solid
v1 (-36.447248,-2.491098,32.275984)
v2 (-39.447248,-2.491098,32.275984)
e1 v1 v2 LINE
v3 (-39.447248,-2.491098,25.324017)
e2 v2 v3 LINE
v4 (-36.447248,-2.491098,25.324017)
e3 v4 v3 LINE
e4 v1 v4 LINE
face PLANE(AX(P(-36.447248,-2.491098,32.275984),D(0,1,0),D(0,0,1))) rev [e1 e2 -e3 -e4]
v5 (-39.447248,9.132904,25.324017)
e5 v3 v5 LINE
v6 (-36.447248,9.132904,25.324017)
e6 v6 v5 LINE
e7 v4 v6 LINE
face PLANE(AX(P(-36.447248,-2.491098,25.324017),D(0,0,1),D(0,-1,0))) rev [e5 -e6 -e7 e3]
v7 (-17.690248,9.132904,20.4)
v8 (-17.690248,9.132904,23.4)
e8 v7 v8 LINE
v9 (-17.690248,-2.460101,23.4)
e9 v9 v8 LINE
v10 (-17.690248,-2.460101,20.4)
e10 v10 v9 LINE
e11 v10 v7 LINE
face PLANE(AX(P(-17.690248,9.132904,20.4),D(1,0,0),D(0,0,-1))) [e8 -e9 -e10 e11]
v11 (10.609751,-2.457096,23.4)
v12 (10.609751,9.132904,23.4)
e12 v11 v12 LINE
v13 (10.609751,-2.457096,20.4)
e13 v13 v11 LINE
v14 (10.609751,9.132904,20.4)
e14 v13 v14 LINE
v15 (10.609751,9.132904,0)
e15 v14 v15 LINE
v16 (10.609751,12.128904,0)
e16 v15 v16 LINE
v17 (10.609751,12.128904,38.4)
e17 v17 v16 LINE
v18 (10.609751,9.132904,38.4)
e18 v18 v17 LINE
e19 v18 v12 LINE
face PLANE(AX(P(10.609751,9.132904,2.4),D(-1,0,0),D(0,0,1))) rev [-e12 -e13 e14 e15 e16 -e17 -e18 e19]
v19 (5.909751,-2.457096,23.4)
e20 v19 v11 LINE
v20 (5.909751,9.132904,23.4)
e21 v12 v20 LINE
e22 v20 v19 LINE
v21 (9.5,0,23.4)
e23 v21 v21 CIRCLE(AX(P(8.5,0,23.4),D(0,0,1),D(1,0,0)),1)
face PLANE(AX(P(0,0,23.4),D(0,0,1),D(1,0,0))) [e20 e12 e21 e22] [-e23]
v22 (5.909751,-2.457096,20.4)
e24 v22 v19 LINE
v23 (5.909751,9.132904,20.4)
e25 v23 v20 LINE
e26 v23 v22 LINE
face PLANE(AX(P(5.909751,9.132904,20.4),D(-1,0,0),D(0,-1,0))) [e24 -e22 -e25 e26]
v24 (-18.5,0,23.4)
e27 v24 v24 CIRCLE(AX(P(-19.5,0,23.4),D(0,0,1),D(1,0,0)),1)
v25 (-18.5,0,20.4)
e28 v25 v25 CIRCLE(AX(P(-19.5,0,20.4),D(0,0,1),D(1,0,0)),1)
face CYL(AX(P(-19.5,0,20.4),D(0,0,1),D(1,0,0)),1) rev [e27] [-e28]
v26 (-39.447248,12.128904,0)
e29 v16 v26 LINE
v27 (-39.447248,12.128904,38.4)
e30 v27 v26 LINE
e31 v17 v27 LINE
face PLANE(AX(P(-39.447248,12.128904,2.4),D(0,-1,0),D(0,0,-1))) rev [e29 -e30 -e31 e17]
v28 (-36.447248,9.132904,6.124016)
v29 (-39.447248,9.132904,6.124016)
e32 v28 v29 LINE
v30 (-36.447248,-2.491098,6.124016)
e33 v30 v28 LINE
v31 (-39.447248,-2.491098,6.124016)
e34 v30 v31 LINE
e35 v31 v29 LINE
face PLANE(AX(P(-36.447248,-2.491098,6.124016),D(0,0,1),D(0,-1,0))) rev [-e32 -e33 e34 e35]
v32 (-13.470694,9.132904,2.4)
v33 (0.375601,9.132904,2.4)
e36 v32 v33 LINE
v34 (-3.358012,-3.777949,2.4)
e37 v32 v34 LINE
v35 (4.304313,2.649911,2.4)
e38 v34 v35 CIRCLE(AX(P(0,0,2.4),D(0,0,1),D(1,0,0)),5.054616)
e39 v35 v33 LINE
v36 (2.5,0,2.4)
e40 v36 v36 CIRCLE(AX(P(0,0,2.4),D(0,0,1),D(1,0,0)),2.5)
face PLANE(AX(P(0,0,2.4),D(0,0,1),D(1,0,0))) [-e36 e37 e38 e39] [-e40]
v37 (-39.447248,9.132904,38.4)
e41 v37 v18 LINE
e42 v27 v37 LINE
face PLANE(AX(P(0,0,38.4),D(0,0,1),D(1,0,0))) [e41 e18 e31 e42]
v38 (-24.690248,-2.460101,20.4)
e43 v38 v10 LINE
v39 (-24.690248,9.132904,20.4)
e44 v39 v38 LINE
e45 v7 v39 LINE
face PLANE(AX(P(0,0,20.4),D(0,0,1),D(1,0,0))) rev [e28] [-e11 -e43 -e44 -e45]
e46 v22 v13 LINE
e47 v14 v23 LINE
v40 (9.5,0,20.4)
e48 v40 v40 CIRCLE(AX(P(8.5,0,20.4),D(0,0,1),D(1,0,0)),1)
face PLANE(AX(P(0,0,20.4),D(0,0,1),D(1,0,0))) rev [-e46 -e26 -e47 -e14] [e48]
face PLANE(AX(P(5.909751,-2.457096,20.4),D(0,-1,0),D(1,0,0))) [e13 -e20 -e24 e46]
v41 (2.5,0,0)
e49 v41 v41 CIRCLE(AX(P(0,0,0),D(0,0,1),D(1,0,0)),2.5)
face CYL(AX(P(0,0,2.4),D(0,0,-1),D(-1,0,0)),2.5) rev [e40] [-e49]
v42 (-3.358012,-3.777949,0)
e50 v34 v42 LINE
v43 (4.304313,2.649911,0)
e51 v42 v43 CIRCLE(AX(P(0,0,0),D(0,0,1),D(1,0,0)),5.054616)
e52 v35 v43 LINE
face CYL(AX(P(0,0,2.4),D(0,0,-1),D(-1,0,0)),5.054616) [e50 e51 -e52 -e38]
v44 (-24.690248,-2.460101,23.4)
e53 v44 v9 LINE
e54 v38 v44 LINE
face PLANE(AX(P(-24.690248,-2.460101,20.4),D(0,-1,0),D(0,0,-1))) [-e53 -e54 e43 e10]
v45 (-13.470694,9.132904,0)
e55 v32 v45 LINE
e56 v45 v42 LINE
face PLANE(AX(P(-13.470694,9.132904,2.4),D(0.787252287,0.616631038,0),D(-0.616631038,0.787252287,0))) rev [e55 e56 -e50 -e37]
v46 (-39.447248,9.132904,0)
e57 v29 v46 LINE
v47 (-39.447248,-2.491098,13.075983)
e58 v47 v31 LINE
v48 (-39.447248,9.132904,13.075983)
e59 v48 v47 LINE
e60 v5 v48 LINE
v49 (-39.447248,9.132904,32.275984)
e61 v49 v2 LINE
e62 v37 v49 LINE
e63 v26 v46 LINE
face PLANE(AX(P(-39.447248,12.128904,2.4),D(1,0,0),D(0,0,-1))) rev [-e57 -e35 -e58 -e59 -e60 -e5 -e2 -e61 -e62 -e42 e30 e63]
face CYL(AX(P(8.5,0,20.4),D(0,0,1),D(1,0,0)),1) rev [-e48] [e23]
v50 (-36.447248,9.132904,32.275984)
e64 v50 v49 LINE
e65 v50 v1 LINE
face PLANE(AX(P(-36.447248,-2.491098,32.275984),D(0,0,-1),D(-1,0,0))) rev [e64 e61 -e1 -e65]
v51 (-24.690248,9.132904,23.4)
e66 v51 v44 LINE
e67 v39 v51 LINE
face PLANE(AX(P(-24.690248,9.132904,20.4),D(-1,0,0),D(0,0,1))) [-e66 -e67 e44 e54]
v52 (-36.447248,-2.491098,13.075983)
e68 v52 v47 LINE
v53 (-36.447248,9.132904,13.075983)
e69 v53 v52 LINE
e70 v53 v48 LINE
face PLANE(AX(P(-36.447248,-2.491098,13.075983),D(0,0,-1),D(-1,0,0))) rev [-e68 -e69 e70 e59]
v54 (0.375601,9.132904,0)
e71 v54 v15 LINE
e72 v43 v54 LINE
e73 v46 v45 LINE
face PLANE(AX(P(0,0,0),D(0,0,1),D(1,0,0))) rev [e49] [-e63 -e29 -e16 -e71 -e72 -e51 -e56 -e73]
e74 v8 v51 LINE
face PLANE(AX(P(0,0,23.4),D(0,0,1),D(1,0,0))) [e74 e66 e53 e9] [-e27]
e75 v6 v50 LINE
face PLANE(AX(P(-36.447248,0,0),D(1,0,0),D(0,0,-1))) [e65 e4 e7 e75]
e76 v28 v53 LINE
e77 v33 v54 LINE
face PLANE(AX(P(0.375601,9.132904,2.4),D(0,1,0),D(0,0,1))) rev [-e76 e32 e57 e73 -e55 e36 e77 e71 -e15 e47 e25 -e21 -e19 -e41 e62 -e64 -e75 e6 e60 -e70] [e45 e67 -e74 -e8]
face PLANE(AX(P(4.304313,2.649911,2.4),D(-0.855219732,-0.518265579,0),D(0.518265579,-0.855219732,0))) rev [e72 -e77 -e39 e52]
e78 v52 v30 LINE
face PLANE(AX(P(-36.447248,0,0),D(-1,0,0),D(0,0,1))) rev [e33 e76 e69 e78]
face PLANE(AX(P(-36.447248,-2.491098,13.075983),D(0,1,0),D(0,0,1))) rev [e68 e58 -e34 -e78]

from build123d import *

# Parameters (mm, degrees)
ESQUISSE1_R        = 2.5
BOSS_EXTRU_1_DEPTH = 2.4
ESQUISSE4_W        = 50.056999207
ESQUISSE4_H        = 2.995999995
BOSS_EXTRU_2_DEPTH = 36
BOSS_EXTRU_3_START = -15
ESQUISSE5_W        = 4.7
ESQUISSE5_H        = 11.59
ESQUISSE5_R        = 1
ESQUISSE5_W_2      = 7
ESQUISSE5_H_2      = 11.59300438
BOSS_EXTRU_3_DEPTH = 3
ESQUISSE6_W        = 6.951967
ESQUISSE6_H        = 11.62400213
BOSS_EXTRU_4_DEPTH = 3


with BuildPart() as part:
    # Esquisse1 → Boss.-Extru.1 (new body)
    with BuildSketch(Plane.XY):
        with BuildLine():
            Line((-39.447248325, 12.128903773), (10.609750882, 12.128903773))
            Line((10.609750882, 12.128903773), (10.609750882, 9.132903778))
            Line((10.609750882, 9.132903778), (0.375600944, 9.132903778))
            Line((0.375600944, 9.132903778), (4.304312905, 2.649911034))
            ThreePointArc((4.304312905, 2.649911034), (3.248571469, -3.872456776), (-3.358011614, -3.777948659))
            Line((-3.358011614, -3.777948659), (-13.470694005, 9.132903778))
            Line((-13.470694005, 9.132903778), (-39.447248325, 9.132903778))
            Line((-39.447248325, 9.132903778), (-39.447248325, 12.128903773))
        make_face()
        Circle(ESQUISSE1_R, mode=Mode.SUBTRACT)
    extrude(amount=BOSS_EXTRU_1_DEPTH)

    # Esquisse4 → Boss.-Extru.2 (add)
    with BuildSketch(Plane.XY.offset(2.4)):
        with Locations((-14.418748722, 10.630903776)):
            Rectangle(ESQUISSE4_W, ESQUISSE4_H)
    extrude(amount=BOSS_EXTRU_2_DEPTH)

    # Esquisse5 → Boss.-Extru.3 (add)
    # profile 1 of 2: a face of its own
    with BuildSketch(Plane.XY.offset(38.4).offset(BOSS_EXTRU_3_START)):
        with Locations((8.259750882, 3.337903778)):
            Rectangle(ESQUISSE5_W, ESQUISSE5_H)
        with Locations((8.5, 0)):
            Circle(ESQUISSE5_R, mode=Mode.SUBTRACT)
    # profile 2 of 2: a face of its own
    with BuildSketch(Plane.XY.offset(38.4).offset(BOSS_EXTRU_3_START)):
        with Locations((-21.190248118, 3.336401588)):
            Rectangle(ESQUISSE5_W_2, ESQUISSE5_H_2)
        with Locations((-19.5, 0)):
            Circle(ESQUISSE5_R, mode=Mode.SUBTRACT)
    extrude(amount=-BOSS_EXTRU_3_DEPTH)

    # Esquisse6 → Boss.-Extru.4 (add)
    with BuildSketch(Plane(origin=(-39.447248325, 0, -39.447248325), x_dir=(0, 0, -1), z_dir=(1, 0, 0))):
        with Locations((-49.047247825, 3.320902713)):
            Rectangle(ESQUISSE6_W, ESQUISSE6_H)
        with Locations((-68.247248825, 3.320902713)):
            Rectangle(ESQUISSE6_W, ESQUISSE6_H)
    extrude(amount=BOSS_EXTRU_4_DEPTH)


solid = part.part
